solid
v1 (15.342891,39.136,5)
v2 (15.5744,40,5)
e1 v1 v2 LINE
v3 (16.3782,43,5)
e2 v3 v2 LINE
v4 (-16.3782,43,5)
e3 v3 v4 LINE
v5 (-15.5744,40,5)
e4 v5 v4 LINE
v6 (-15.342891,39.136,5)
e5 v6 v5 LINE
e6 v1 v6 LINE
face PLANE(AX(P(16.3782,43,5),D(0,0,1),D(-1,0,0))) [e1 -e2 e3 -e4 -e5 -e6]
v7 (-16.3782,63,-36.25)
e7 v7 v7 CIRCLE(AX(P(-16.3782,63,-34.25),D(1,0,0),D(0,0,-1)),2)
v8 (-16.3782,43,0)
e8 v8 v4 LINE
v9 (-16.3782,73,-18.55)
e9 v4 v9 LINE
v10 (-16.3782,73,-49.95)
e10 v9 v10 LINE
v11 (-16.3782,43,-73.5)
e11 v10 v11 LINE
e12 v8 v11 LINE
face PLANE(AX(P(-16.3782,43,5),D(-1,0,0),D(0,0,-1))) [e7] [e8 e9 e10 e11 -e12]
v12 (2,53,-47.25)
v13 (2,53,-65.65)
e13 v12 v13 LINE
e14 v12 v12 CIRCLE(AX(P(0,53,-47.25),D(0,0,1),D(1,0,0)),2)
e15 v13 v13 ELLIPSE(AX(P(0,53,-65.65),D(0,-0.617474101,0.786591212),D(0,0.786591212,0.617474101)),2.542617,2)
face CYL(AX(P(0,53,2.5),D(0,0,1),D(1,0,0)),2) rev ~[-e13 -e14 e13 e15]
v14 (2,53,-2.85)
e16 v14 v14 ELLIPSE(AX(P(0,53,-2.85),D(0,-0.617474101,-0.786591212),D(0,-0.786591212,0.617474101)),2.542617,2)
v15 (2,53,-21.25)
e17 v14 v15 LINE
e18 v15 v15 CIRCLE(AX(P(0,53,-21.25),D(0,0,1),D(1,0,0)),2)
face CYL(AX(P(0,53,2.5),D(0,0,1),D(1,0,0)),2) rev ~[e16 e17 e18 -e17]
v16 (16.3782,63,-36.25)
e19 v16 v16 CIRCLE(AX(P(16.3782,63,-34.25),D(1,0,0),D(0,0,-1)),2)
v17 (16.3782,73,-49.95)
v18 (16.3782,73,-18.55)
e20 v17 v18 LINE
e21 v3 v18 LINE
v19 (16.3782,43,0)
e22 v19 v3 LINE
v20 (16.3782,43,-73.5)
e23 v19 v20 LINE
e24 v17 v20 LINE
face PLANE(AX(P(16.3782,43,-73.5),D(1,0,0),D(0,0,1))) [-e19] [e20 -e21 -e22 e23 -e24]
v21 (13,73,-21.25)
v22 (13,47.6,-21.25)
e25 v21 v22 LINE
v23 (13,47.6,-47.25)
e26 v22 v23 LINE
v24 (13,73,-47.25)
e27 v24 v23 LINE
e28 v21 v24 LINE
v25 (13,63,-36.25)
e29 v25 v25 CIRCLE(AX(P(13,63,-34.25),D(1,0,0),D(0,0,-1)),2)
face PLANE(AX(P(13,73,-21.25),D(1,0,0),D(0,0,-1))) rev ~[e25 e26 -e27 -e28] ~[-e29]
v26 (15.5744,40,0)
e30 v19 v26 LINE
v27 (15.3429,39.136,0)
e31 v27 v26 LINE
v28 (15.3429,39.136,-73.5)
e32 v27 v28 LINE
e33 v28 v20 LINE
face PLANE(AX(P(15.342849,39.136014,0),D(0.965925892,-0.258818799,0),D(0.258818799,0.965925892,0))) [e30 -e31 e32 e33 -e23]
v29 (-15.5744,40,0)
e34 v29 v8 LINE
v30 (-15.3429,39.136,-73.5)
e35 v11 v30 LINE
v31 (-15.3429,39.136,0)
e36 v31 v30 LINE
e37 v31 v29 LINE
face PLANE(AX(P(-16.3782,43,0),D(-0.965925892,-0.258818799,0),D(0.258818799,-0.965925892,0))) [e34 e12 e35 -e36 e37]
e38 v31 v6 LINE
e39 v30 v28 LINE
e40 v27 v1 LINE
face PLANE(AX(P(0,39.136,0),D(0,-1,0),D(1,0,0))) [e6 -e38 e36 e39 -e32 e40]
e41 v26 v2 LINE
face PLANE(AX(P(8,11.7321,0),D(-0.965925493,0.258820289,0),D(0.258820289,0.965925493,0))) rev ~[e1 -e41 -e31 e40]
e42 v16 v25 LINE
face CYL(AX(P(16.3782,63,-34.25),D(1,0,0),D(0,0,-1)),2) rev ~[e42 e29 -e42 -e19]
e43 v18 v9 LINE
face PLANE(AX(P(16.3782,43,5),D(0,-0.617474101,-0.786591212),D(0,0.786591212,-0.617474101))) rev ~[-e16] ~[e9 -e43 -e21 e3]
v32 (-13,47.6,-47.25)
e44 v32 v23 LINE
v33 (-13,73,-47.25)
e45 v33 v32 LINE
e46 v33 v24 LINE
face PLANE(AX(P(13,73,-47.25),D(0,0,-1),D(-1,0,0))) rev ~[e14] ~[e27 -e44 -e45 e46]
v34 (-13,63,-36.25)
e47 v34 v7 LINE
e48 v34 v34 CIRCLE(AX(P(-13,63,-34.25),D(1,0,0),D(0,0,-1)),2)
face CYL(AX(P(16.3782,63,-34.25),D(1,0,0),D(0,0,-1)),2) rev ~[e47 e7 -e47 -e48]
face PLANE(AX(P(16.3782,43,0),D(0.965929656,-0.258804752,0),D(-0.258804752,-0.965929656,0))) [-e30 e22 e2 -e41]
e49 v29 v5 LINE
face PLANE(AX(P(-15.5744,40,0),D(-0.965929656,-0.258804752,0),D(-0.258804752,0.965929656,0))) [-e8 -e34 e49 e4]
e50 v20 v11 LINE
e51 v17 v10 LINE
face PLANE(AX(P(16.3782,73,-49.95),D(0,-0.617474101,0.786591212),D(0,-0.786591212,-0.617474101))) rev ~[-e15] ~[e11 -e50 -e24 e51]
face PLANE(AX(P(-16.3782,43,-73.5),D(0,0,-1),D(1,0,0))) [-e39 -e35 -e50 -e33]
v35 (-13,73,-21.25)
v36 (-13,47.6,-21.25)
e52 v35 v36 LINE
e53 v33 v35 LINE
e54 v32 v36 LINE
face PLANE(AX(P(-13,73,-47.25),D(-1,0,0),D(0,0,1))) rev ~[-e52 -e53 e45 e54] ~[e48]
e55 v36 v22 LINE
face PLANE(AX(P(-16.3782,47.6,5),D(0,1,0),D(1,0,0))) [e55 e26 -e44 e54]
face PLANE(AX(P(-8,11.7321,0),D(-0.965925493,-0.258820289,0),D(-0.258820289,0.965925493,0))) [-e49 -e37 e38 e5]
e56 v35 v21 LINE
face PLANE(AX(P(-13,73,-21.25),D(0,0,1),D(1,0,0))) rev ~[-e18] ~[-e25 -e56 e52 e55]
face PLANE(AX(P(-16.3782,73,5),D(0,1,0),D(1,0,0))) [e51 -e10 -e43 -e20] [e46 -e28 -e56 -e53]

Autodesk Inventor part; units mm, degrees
ref_plane "YZ Plane" through (0, 0, 0) normal (1, 0, 0) x (0, 1, 0)
ref_plane "XZ Plane" through (0, 0, 0) normal (0, 1, 0) x (-1, 0, 0)
sketch "Sketch1" plane through (0, 0, 0) normal (0, 0, 1) x (1, 0, 0)
  circle A0 centre (0, 4) radius 2
  circle A1 centre (-4, 0) radius 2
  circle A2 centre (0, -4) radius 2
  circle A3 centre (4, 0) radius 2
  line L0 (8, 11.7321) -> (15.5744, 40)
  line L1 (7, 8) -> (40.1288, 8) construction
  line L2 (-8, 11.7321) -> (-15.5744, 40)
  line L3 (8, 0) -> (8, 11.7321)
  line L4 (-8, 0) -> (-8, 11.7321)
  arc A4 (-8, 0) -> (8, 0) centre (0, 0) ccw
  line L5 (0, 43) -> (16.3782, 43)
  line L6 (16.3782, 43) -> (15.5744, 40)
  line L7 (-15.5744, 40) -> (-16.3782, 43)
  line L8 (-16.3782, 43) -> (0, 43)
  dimension "d2" = 4
  dimension "d5" = 360
extrude "Extrusion1" add sketch "Sketch1" along normal blind 5
sketch "Sketch2" plane through (0, 0, 0) normal (0, 0, -1) x (-1, 0, 0)
  circle A0 centre (0, 0) radius 6.625
  dimension "d18" = 13.25
extrude "Extrusion2" cut sketch "Sketch2" against normal blind 2
sketch "Sketch4" plane through (0, 0, 0) normal (0, 0, -1) x (-1, 0, 0)
  line L0 (-8, 11.7321) -> (-16.3782, 43) projected
  line L1 (-16.3782, 43) -> (16.3782, 43) projected
  line L2 (-16.3782, 43) -> (16.3782, 43)
  line L3 (0, 39.136) -> (15.3429, 39.136)
  line L4 (16.3782, 43) -> (8, 11.7321) projected
  line L5 (15.3429, 39.136) -> (16.3782, 43)
  line L6 (0, 39.136) -> (-15.3429, 39.136)
  line L7 (-15.3429, 39.136) -> (-16.3782, 43)
  point P0 (0, 0)
extrude "Extrusion4" add sketch "Sketch4" along normal blind 73.5
sketch "Sketch5" plane through (-16.3782, 43, 5) normal (0, 1, 0) x (1, 0, 0)
  line L0 (0, 78.5) -> (32.7564, 78.5) projected
  line L1 (32.7564, 0) -> (0, 0) projected
  line L2 (0, 78.5) -> (32.7564, 78.5)
  line L3 (32.7564, 78.5) -> (32.7564, 0)
  line L4 (32.7564, 0) -> (0, 0)
  line L5 (0, 0) -> (0, 78.5)
  point P0 (16.3782, 5)
extrude "Extrusion5" add sketch "Sketch5" along normal blind 30
sketch "Sketch6" plane through (16.3782, 43, -73.5) normal (1, 0, 0) x (0, 0, -1)
  line L0 (-78.5, 30) -> (0, 30) projected
  line L1 (-39.25, 30) -> (-26.55, 30)
  line L2 (-39.25, 30) -> (-51.95, 30)
  line L3 (-51.95, 30) -> (-54.95, 30)
  line L4 (-26.55, 30) -> (-23.55, 30)
  line L5 (0, -3.864) -> (0, 0) projected
  line L6 (-23.55, 30) -> (0, 0)
  line L7 (0, 0) -> (0, 30) projected
  line L8 (0, 0) -> (0, 30)
  line L9 (0, 30) -> (-23.55, 30)
  line L10 (-54.95, 30) -> (-78.5, 30)
  line L11 (-78.5, 0) -> (-78.5, 30) projected
  line L12 (-78.5, 30) -> (-78.5, 0)
  line L13 (-78.5, 0) -> (-54.95, 30)
  point P0 (-73.5, -43)
  dimension "d30" = 12.7
  dimension "d31" = 12.7
  dimension "d32" = 3
  dimension "d33" = 3
extrude "Extrusion6" cut sketch "Sketch6" against normal up to surface (32.7564 mm away)
sketch "Sketch7" plane through (-16.3782, 73, 5) normal (0, 1, 0) x (1, 0, 0)
  line L0 (0, 78.5) -> (0, 0) projected
  line L1 (0, 23.55) -> (32.7564, 23.55) projected
  line L2 (16.3782, 52.25) -> (3.3782, 52.25)
  line L3 (3.3782, 52.25) -> (3.3782, 26.25)
  line L4 (3.3782, 26.25) -> (29.3782, 26.25)
  line L5 (29.3782, 26.25) -> (29.3782, 52.25)
  line L6 (29.3782, 52.25) -> (16.3782, 52.25)
  point P0 (16.3782, 5)
  dimension "d37" = 13
  dimension "d38" = 26
  dimension "d39" = 26
extrude "Extrusion7" cut sketch "Sketch7" against normal blind 25.4
ref_plane "Work Plane1" through (0, 0, 2.5) normal (0, 0, 1) x (1, 0, 0)
sketch "Sketch8" plane through (0, 0, 2.5) normal (0, 0, 1) x (1, 0, 0)
  line L0 (16.3782, 43) -> (-16.3782, 43) projected
  circle A0 centre (0, 53) radius 2
  point P0 (0, 0)
  dimension "d43" = 4
extrude "Extrusion8" cut sketch "Sketch8" against normal through all
sketch "Sketch9" plane through (16.3782, 43, 5) normal (1, 0, 0) x (0, 0, -1)
  line L0 (26.25, 30) -> (52.25, 30) projected
  circle A0 centre (39.25, 20) radius 2
  point P0 (5, -43)
  dimension "d47" = 4
extrude "Extrusion9" cut sketch "Sketch9" against normal up to surface (32.7564 mm away)
sketch "Sketch10" plane through (8, 0, 0) normal (1, 0, 0) x (0, 0, -1)
  line L0 (0, 39.136) -> (73.5, 39.136) projected
  line L1 (-5, 0) -> (-5, -8) projected
  line L2 (0, 39.136) -> (-5, 39.136)
  line L3 (-5, 39.136) -> (-5, -8)
  line L4 (-5, -8) -> (0, -8)
  line L5 (0, -8) -> (0, 39.136)
  point P0 (0, 0)
extrude "Extrusion10" cut sketch "Sketch10" along normal blind 10 and the other way blind 25
properties part number "Second_Tilt_Motor_Mount"
